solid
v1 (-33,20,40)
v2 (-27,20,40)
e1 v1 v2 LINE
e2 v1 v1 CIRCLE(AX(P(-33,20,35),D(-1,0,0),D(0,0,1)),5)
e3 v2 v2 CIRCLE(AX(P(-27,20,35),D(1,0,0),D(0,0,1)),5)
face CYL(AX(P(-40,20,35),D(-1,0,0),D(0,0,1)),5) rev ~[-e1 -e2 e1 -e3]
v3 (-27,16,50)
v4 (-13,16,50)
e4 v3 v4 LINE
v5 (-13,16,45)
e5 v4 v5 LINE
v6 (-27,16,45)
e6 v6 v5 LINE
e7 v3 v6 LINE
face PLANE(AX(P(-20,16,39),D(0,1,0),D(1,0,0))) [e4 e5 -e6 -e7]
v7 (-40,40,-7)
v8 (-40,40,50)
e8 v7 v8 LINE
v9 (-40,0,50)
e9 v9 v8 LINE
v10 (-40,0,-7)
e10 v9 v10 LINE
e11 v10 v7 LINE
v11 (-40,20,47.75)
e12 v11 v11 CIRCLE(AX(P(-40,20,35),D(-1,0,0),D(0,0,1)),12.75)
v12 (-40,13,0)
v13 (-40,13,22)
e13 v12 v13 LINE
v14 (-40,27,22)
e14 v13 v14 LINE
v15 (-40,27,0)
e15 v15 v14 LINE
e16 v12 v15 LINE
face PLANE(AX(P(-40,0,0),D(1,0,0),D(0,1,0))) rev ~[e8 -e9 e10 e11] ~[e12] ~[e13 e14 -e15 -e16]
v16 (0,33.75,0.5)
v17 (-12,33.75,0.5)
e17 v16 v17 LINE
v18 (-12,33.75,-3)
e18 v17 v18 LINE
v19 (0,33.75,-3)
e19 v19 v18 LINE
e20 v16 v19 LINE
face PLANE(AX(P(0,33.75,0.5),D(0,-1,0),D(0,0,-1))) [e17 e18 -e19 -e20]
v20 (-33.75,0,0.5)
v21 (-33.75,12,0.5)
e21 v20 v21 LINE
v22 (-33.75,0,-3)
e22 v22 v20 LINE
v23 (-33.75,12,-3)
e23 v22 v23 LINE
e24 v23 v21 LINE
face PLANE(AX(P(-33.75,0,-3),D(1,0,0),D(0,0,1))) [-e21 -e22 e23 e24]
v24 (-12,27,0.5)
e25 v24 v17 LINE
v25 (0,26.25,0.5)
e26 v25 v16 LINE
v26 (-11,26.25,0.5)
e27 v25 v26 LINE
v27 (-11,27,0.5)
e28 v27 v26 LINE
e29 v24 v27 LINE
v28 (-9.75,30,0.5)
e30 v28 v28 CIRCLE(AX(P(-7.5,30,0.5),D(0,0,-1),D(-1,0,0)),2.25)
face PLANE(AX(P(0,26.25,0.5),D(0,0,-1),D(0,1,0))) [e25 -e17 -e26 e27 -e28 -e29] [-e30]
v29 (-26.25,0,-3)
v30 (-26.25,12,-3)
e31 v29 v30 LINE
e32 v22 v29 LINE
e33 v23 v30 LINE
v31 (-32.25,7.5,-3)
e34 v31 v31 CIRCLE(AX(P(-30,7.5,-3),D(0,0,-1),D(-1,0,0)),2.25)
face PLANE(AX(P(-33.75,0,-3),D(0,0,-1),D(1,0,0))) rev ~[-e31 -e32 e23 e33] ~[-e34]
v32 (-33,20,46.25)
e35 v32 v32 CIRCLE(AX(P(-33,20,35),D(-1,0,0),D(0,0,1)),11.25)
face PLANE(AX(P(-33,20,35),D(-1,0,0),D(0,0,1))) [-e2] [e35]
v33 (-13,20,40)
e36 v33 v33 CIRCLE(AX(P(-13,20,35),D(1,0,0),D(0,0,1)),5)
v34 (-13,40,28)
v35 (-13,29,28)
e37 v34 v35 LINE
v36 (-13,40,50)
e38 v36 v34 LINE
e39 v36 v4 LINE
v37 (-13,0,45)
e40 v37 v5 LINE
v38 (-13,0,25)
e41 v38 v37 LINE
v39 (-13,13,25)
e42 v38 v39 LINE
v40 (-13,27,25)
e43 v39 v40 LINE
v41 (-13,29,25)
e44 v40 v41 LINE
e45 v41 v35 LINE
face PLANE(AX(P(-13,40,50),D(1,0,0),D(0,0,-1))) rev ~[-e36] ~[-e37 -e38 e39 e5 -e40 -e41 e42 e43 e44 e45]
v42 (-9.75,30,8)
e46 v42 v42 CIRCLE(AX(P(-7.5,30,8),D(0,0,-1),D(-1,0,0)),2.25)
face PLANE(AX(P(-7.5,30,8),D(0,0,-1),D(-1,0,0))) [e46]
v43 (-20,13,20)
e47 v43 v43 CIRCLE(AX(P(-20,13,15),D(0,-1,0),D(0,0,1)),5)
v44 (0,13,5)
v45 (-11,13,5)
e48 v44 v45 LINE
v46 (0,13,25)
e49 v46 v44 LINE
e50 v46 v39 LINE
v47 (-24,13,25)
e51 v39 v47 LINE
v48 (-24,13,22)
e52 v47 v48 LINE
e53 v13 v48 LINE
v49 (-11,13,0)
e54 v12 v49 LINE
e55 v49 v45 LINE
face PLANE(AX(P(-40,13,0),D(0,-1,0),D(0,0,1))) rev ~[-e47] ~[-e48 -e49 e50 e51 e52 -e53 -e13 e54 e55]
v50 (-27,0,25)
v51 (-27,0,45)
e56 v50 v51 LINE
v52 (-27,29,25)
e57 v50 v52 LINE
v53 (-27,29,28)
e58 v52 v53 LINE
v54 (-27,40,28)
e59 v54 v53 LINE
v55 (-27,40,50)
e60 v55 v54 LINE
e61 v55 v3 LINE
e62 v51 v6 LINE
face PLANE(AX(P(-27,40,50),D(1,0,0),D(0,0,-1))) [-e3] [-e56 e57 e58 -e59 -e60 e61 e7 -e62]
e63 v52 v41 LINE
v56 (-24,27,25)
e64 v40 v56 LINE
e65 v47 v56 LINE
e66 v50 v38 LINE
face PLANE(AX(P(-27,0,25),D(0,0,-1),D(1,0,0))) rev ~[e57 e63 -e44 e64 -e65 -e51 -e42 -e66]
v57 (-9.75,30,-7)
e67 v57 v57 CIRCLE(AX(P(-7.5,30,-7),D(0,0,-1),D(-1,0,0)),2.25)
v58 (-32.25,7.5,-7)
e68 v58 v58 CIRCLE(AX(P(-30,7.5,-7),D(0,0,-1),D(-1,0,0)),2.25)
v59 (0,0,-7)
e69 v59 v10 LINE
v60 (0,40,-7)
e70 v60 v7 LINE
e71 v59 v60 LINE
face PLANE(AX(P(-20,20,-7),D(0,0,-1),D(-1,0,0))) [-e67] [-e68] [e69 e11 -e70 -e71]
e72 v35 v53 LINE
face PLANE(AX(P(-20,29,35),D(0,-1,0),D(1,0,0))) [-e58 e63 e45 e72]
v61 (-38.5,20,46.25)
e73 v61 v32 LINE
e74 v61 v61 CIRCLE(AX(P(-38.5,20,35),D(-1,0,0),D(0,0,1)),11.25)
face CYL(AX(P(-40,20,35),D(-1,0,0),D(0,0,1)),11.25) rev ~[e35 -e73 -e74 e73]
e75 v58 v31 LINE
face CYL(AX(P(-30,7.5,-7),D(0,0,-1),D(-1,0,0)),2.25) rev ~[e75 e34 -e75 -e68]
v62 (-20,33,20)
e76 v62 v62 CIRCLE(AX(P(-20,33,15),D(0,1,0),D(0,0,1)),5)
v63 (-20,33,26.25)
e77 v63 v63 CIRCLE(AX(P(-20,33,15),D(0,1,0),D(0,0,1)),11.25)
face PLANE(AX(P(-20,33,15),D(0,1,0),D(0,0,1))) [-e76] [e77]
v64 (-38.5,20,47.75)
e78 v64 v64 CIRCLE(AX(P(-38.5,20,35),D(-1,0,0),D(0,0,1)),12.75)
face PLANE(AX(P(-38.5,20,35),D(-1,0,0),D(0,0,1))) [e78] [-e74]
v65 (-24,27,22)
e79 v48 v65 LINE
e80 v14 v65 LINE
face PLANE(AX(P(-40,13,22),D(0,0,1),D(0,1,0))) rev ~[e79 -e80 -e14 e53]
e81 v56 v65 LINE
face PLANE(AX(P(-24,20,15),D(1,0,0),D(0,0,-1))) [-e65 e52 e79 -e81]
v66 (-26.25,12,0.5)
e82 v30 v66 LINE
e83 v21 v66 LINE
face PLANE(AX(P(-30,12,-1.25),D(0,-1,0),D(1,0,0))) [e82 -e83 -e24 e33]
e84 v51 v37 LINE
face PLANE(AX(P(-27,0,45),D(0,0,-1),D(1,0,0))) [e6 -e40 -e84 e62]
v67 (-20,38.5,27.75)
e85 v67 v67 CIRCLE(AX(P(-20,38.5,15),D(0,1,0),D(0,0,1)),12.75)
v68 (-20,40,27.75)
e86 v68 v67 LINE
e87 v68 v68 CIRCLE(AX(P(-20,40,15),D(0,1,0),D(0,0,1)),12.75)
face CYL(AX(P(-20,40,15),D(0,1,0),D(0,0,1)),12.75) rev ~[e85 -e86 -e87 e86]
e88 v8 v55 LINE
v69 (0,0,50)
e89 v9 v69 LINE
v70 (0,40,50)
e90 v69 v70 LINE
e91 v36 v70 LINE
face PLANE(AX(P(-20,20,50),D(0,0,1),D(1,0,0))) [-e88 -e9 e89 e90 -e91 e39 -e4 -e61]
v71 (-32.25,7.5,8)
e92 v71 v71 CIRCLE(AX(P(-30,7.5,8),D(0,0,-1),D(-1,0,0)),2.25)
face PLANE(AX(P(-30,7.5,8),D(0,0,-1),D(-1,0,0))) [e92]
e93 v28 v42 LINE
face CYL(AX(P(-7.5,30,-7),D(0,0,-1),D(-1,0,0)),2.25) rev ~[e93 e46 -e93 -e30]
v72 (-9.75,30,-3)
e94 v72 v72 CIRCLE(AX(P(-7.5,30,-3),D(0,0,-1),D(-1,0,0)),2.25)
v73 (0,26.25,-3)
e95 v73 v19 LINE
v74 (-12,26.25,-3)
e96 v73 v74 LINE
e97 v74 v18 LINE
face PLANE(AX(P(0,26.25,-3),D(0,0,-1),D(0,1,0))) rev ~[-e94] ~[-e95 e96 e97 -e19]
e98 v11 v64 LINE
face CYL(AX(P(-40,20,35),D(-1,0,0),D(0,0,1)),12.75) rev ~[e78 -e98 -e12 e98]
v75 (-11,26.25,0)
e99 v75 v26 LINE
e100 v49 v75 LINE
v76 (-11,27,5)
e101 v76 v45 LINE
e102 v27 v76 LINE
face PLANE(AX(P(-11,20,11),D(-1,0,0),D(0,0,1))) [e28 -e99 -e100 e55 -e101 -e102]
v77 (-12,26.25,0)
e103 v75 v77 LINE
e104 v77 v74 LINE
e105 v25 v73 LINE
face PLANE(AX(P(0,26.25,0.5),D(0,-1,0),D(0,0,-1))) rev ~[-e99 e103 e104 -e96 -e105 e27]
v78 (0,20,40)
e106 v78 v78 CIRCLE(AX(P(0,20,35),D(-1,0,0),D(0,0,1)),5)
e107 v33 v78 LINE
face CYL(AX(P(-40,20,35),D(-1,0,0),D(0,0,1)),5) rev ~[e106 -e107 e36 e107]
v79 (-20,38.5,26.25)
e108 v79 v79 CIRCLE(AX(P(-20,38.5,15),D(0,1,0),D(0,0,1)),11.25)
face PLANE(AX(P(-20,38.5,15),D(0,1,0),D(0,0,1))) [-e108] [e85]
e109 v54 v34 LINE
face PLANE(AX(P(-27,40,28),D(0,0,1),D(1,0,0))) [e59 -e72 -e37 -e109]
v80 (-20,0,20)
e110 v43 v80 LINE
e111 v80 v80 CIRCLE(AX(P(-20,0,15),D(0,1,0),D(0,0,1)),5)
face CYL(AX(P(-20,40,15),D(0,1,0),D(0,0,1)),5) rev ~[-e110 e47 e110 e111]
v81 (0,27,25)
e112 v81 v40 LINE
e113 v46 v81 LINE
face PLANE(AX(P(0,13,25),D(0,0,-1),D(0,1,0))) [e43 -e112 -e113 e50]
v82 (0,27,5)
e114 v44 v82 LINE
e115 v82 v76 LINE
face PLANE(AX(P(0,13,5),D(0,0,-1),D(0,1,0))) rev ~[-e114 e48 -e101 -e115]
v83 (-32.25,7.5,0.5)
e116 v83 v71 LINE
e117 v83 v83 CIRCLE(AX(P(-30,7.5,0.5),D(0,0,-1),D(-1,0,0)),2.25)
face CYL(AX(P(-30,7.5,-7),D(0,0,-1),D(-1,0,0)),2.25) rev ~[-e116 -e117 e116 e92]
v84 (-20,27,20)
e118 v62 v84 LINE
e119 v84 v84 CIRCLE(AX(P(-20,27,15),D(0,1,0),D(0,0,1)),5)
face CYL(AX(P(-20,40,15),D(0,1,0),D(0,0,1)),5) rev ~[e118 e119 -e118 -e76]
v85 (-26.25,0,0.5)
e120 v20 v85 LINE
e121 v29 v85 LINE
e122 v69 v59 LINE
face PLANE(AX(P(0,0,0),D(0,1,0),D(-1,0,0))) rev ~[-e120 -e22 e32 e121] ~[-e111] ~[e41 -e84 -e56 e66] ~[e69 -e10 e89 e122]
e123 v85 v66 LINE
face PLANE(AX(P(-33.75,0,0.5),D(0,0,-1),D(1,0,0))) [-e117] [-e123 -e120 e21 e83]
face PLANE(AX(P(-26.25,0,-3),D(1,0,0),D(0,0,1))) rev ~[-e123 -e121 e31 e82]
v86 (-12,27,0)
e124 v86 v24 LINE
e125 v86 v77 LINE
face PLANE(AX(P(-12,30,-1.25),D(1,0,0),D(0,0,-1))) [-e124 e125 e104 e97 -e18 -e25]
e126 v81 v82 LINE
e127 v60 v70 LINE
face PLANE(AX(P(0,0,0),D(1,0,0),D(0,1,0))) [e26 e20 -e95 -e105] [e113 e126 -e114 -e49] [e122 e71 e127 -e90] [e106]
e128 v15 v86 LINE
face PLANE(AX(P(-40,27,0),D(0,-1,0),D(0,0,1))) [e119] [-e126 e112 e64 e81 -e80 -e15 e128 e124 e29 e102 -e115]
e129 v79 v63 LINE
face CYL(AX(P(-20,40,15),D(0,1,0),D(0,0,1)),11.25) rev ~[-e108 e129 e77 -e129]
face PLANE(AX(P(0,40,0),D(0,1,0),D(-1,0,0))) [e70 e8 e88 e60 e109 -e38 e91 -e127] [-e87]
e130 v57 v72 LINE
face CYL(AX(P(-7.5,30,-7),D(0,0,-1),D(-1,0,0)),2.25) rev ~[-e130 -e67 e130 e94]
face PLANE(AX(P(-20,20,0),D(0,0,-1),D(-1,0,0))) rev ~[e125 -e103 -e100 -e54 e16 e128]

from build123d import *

# Parameters (mm, degrees)
ESQUISSE1_W              = 40
ESQUISSE1_H              = 40
BOSS_EXTRU_1_DEPTH       = 50
ESQUISSE2_R              = 5
ENL_V_MAT_EXTRU_1_DEPTH  = 41
ESQUISSE3_R              = 5
ENL_V_MAT_EXTRU_2_DEPTH  = 41
ESQUISSE4_W              = 22
ESQUISSE4_H              = 14
ENL_V_MAT_EXTRU_3_DEPTH  = 29
ESQUISSE5_W              = 14
ESQUISSE5_H              = 20
ENL_V_MAT_EXTRU_4_DEPTH  = 29
ESQUISSE6_W              = 20
ESQUISSE6_H              = 14
ENL_V_MAT_EXTRU_5_DEPTH  = 24
ESQUISSE7_W              = 14
ESQUISSE7_H              = 22
ENL_V_MAT_EXTRU_6_DEPTH  = 24
ESQUISSE10_R             = 11.25
ENL_V_MAT_EXTRU_9_DEPTH  = 7
ESQUISSE11_R             = 12.75
ENL_V_MAT_EXTRU_10_DEPTH = 1.5
ESQUISSE14_R             = 11.25
ENL_V_MAT_EXTRU_11_DEPTH = 7
ESQUISSE15_R             = 12.75
ENL_V_MAT_EXTRU_12_DEPTH = 1.5
ESQUISSE16_W             = 40
ESQUISSE16_H             = 40
BOSS_EXTRU_2_DEPTH       = 7
ESQUISSE17_R             = 2.25
ENL_V_MAT_EXTRU_13_DEPTH = 15
ESQUISSE18_W             = 3.5
ESQUISSE18_H             = 7.5
ENL_V_MAT_EXTRU_14_DEPTH = 12
ESQUISSE19_W             = 7.5
ESQUISSE19_H             = 3.5
ENL_V_MAT_EXTRU_15_DEPTH = 12


with BuildPart() as part:
    # Esquisse1 → Boss.-Extru.1 (new body)
    with BuildSketch(Plane.XY):
        with Locations((-20, 20)):
            Rectangle(ESQUISSE1_W, ESQUISSE1_H)
    extrude(amount=BOSS_EXTRU_1_DEPTH)

    # Esquisse2 → Enlèv. mat.-Extru.1 (cut, through all)
    with BuildSketch(Plane(origin=(0, 40, 0), x_dir=(1, 0, 0), z_dir=(0, 1, 0))):
        with Locations(Location((-20, -15, 0), (0, 0, 270))):  # turned: the seam where the file's is
            Circle(ESQUISSE2_R)
    extrude(amount=-ENL_V_MAT_EXTRU_1_DEPTH, mode=Mode.SUBTRACT)

    # Esquisse3 → Enlèv. mat.-Extru.2 (cut, through all)
    with BuildSketch(Plane.ZY.offset(40)):
        with Locations((35, 20)):
            Circle(ESQUISSE3_R)
    extrude(amount=-ENL_V_MAT_EXTRU_2_DEPTH, mode=Mode.SUBTRACT)

    # Esquisse4 → Enlèv. mat.-Extru.3 (cut)
    with BuildSketch(Plane.ZY.offset(40)):
        with Locations((11, 20)):
            Rectangle(ESQUISSE4_W, ESQUISSE4_H)
    extrude(amount=-ENL_V_MAT_EXTRU_3_DEPTH, mode=Mode.SUBTRACT)

    # Esquisse5 → Enlèv. mat.-Extru.4 (cut)
    with BuildSketch(Plane.XZ):
        with Locations((-20, 35)):
            Rectangle(ESQUISSE5_W, ESQUISSE5_H)
    extrude(amount=-ENL_V_MAT_EXTRU_4_DEPTH, mode=Mode.SUBTRACT)

    # Esquisse6 → Enlèv. mat.-Extru.5 (cut)
    with BuildSketch(Plane(origin=(0, 0, 0), x_dir=(0, 0, -1), z_dir=(1, 0, 0))):
        with Locations((-15, 20)):
            Rectangle(ESQUISSE6_W, ESQUISSE6_H)
    extrude(amount=-ENL_V_MAT_EXTRU_5_DEPTH, mode=Mode.SUBTRACT)

    # Esquisse7 → Enlèv. mat.-Extru.6 (cut)
    with BuildSketch(Plane(origin=(0, 40, 0), x_dir=(1, 0, 0), z_dir=(0, 1, 0))):
        with Locations((-20, -39)):
            Rectangle(ESQUISSE7_W, ESQUISSE7_H)
    extrude(amount=-ENL_V_MAT_EXTRU_6_DEPTH, mode=Mode.SUBTRACT)

    # Esquisse10 → Enlèv. mat.-Extru.9 (cut)
    with BuildSketch(Plane(origin=(0, 40, 0), x_dir=(1, 0, 0), z_dir=(0, 1, 0))):
        with Locations(Location((-20, -15, 0), (0, 0, 270))):  # turned: the seam where the file's is
            Circle(ESQUISSE10_R)
    extrude(amount=-ENL_V_MAT_EXTRU_9_DEPTH, mode=Mode.SUBTRACT)

    # Esquisse11 → Enlèv. mat.-Extru.10 (cut)
    with BuildSketch(Plane(origin=(0, 40, 0), x_dir=(1, 0, 0), z_dir=(0, 1, 0))):
        with Locations(Location((-20, -15, 0), (0, 0, 270))):  # turned: the seam where the file's is
            Circle(ESQUISSE11_R)
    extrude(amount=-ENL_V_MAT_EXTRU_10_DEPTH, mode=Mode.SUBTRACT)

    # Esquisse14 → Enlèv. mat.-Extru.11 (cut)
    with BuildSketch(Plane.ZY.offset(40)):
        with Locations((35, 20)):
            Circle(ESQUISSE14_R)
    extrude(amount=-ENL_V_MAT_EXTRU_11_DEPTH, mode=Mode.SUBTRACT)

    # Esquisse15 → Enlèv. mat.-Extru.12 (cut)
    with BuildSketch(Plane.ZY.offset(40)):
        with Locations((35, 20)):
            Circle(ESQUISSE15_R)
    extrude(amount=-ENL_V_MAT_EXTRU_12_DEPTH, mode=Mode.SUBTRACT)

    # Esquisse16 → Boss.-Extru.2 (add)
    with BuildSketch(Plane(origin=(0, 0, 0), x_dir=(-1, 0, 0), z_dir=(0, 0, -1))):
        with Locations((20, 20)):
            Rectangle(ESQUISSE16_W, ESQUISSE16_H)
    extrude(amount=BOSS_EXTRU_2_DEPTH)

    # Esquisse17 → Enlèv. mat.-Extru.13 (cut)
    with BuildSketch(Plane(origin=(0, 0, -7), x_dir=(-1, 0, 0), z_dir=(0, 0, -1))):
        with Locations((7.5, 30)):
            Circle(ESQUISSE17_R)
        with Locations((30, 7.5)):
            Circle(ESQUISSE17_R)
    extrude(amount=-ENL_V_MAT_EXTRU_13_DEPTH, mode=Mode.SUBTRACT)

    # Esquisse18 → Enlèv. mat.-Extru.14 (cut)
    with BuildSketch(Plane(origin=(0, 0, 0), x_dir=(0, 0, -1), z_dir=(1, 0, 0))):
        with Locations((1.25, 30)):
            Rectangle(ESQUISSE18_W, ESQUISSE18_H)
    extrude(amount=-ENL_V_MAT_EXTRU_14_DEPTH, mode=Mode.SUBTRACT)

    # Esquisse19 → Enlèv. mat.-Extru.15 (cut)
    with BuildSketch(Plane.XZ):
        with Locations((-30, -1.25)):
            Rectangle(ESQUISSE19_W, ESQUISSE19_H)
    extrude(amount=-ENL_V_MAT_EXTRU_15_DEPTH, mode=Mode.SUBTRACT)


solid = part.part
